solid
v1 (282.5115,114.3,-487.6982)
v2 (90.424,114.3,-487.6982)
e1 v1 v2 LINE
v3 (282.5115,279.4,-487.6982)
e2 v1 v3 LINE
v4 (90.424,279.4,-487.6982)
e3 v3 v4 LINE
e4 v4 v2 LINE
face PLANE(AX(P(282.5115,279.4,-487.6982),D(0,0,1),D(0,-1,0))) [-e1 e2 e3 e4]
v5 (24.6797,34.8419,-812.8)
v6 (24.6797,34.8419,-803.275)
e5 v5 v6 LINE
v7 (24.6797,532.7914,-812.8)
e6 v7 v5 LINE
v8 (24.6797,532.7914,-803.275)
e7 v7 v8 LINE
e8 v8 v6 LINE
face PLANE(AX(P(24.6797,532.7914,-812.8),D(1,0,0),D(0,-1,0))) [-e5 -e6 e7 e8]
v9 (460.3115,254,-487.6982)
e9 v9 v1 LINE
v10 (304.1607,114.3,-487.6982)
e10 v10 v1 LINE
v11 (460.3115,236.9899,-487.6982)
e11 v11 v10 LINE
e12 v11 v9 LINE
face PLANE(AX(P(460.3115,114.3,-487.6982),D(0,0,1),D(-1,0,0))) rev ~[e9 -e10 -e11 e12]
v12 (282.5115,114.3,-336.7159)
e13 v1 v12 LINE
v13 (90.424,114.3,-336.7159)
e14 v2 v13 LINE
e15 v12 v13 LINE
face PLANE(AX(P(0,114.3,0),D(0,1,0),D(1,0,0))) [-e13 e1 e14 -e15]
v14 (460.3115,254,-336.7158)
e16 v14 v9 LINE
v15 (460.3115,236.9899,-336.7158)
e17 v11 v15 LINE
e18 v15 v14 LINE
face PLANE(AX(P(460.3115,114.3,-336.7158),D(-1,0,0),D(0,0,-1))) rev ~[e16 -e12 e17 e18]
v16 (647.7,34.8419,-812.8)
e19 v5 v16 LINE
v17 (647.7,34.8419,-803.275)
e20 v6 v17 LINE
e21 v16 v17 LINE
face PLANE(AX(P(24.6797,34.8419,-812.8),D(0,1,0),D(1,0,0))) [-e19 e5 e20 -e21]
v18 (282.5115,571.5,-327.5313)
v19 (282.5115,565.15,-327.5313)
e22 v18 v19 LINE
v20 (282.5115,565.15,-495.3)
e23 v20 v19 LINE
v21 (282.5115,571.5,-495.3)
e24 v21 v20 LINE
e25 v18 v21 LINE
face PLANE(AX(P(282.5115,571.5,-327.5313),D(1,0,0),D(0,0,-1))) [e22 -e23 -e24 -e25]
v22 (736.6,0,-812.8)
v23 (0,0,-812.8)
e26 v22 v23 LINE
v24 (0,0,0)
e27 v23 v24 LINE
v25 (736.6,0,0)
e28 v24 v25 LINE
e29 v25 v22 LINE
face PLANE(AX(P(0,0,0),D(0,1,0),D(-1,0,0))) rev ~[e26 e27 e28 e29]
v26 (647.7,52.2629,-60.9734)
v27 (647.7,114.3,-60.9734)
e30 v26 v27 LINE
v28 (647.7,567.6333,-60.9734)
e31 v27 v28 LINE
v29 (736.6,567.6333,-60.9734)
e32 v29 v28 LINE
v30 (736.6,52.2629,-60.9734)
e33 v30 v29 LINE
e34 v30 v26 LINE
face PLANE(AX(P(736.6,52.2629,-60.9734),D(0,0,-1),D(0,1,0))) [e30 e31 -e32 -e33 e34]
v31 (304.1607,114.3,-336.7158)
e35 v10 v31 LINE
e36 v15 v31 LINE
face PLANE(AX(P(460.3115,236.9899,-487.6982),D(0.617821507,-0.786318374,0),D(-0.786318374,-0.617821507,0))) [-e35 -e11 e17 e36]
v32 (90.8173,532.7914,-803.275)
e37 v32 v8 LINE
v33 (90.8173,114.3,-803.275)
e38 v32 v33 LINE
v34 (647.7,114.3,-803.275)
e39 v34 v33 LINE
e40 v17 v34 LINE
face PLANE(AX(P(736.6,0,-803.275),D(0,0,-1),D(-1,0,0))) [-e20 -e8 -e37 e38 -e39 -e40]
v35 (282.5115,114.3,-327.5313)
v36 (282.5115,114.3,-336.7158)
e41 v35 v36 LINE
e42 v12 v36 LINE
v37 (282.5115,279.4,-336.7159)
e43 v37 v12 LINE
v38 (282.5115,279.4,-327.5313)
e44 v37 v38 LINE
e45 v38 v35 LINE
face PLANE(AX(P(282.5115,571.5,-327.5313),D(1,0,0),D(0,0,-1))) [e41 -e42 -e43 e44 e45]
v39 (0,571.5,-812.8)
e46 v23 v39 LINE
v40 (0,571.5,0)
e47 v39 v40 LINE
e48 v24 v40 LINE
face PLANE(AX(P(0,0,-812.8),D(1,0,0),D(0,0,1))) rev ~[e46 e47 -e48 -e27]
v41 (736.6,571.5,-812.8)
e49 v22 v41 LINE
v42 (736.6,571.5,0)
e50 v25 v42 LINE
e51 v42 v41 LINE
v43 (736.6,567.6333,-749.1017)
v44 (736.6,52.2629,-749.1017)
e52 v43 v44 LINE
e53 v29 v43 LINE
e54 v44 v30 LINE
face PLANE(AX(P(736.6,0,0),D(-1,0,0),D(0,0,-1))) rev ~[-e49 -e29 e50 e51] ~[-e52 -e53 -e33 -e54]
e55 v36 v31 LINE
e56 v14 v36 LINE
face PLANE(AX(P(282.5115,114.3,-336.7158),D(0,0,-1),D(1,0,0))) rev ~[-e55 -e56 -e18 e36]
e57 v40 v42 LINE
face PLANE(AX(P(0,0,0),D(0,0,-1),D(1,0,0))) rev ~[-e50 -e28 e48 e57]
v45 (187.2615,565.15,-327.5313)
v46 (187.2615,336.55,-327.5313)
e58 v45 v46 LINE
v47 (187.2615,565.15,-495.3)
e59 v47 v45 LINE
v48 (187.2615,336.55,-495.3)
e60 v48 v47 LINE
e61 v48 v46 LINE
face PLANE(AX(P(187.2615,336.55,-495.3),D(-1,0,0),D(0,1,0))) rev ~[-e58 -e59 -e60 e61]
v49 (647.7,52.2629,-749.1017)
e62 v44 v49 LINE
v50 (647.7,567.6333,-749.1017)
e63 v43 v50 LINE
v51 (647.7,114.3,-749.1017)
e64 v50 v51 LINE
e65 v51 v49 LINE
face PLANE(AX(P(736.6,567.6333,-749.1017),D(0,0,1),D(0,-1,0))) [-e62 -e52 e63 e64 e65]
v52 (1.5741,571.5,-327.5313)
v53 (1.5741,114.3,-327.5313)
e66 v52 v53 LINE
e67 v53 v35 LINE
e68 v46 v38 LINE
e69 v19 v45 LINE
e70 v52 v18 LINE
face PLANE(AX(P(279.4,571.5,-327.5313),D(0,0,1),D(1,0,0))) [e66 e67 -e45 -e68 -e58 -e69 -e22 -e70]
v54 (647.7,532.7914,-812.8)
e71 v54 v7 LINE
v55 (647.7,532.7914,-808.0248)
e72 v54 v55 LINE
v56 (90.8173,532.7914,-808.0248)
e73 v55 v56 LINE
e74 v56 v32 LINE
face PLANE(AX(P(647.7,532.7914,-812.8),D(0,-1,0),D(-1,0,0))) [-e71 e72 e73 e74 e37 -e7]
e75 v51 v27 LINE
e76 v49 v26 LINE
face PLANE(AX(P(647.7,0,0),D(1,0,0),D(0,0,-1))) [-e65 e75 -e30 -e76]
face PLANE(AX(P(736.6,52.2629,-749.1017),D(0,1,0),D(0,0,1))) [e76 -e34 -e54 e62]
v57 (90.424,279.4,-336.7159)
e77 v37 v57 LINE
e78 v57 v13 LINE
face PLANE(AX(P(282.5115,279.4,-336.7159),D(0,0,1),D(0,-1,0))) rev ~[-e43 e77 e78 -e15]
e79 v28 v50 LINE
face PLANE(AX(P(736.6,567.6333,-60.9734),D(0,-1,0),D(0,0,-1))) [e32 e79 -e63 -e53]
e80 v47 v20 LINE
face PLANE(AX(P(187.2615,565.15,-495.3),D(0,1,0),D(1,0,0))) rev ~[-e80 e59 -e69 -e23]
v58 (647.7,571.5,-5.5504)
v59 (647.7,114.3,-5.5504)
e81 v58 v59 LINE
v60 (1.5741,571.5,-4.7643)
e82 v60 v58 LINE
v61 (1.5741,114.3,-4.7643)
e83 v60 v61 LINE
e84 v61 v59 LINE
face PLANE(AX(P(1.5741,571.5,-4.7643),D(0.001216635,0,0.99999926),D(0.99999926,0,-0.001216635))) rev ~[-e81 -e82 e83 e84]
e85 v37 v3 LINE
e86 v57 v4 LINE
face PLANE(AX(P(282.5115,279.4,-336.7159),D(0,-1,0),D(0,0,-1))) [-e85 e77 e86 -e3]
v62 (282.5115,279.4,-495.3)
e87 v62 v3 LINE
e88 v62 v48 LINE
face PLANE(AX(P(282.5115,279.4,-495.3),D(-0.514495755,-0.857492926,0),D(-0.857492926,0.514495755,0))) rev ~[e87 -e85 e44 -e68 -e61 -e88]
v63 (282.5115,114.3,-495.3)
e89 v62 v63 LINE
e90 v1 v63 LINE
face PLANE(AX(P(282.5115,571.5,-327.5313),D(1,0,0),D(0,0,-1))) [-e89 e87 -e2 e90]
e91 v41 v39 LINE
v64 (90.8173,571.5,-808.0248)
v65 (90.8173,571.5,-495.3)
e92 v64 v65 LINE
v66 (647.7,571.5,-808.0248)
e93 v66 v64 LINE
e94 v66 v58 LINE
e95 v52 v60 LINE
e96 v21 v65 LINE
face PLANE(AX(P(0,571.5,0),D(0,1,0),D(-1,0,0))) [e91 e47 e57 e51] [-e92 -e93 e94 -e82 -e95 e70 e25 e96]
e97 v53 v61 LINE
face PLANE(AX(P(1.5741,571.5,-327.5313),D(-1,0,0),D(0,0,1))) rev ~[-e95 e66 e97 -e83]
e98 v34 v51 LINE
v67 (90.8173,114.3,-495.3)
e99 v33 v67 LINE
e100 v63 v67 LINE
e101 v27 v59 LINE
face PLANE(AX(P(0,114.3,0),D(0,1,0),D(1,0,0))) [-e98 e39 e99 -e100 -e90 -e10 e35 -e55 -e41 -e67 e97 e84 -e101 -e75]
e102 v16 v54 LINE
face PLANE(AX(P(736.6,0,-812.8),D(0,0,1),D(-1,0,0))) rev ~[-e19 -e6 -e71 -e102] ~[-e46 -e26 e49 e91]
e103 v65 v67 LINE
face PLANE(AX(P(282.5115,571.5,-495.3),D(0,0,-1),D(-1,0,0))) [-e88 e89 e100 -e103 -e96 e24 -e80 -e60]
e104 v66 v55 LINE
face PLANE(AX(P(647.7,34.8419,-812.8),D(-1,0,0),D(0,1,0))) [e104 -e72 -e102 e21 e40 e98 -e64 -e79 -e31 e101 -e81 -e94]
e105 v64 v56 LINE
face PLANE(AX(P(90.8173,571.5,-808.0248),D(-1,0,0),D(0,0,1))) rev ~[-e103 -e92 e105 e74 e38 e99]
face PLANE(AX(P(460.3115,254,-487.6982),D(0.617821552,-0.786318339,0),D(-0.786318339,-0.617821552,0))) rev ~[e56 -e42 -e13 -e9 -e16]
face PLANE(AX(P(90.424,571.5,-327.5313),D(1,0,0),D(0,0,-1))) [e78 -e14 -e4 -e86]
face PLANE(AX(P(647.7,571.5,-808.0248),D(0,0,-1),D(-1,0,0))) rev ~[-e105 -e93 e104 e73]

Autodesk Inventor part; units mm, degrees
ref_plane "YZ Plane" through (0, 0, 0) normal (1, 0, 0) x (0, 1, 0)
ref_plane "XZ Plane" through (0, 0, 0) normal (0, 1, 0) x (-1, 0, 0)
ref_plane "XY Plane" through (0, 0, 0) normal (0, 0, 1) x (1, 0, 0)
sketch "Sketch1" plane through (0, 0, 0) normal (0, 1, 0) x (-1, 0, 0)
  line L0 (0, 0) -> (-736.6, 0)
  line L1 (-736.6, 0) -> (-736.6, -812.8)
  line L2 (-736.6, -812.8) -> (0, -812.8)
  line L3 (0, -812.8) -> (0, 0)
  dimension "d0" = 736.6
  dimension "d1" = 812.8
extrude "Extrusion1" add sketch "Sketch1" along normal blind 571.5
sketch "Sketch2" plane through (0, 571.5, 0) normal (0, 1, 0) x (1, 0, 0)
  line L0 (0, 812.8) -> (0, 0) projected
  line L1 (0, 812.8) -> (88.9, 812.8)
  line L2 (88.9, 812.8) -> (88.9, 574.8444)
  line L3 (88.9, 574.8444) -> (0, 574.8444)
  line L4 (0, 574.8444) -> (0, 812.8)
  dimension "d4" = 88.9
sketch "Sketch7" plane through (0, 571.5, 0) normal (0, 1, 0) x (1, 0, 0)
  line L0 (647.7, 808.0248) -> (90.8173, 808.0248)
  line L1 (90.8173, 808.0248) -> (90.8173, 495.3)
  line L2 (0, 327.5313) -> (279.4, 327.5313)
  line L3 (282.5115, 327.5313) -> (282.5115, 495.3)
  line L4 (279.4, 327.5313) -> (282.5115, 327.5313)
  line L5 (282.5115, 327.5313) -> (0, 327.5313)
  line L6 (647.7, 808.0248) -> (90.8173, 808.0248)
  line L7 (282.5115, 495.3) -> (90.8173, 495.3)
  line L8 (1.5741, 327.5313) -> (1.5741, 4.7643)
  line L9 (1.5741, 4.7643) -> (647.7, 5.5504)
  line L10 (647.7, 808.0248) -> (647.7, 5.5504)
  line L11 (0, 0) -> (736.6, 0) projected
  point P0 (736.6, 812.8)
extrude "Extrusion7" cut sketch "Sketch7" against normal blind 457.2
sketch "Sketch8" plane through (736.6, 0, 0) normal (1, 0, 0) x (0, 0, -1)
  line L0 (60.9734, 567.6333) -> (749.1017, 567.6333)
  line L1 (749.1017, 567.6333) -> (749.1017, 52.2629)
  line L2 (749.1017, 52.2629) -> (60.9734, 52.2629)
  line L3 (60.9734, 52.2629) -> (60.9734, 567.6333)
  point P0 (0, 0)
extrude "Extrusion8" cut sketch "Sketch8" against normal blind 88.9
sketch "Sketch9" plane through (282.5115, 571.5, -327.5313) normal (1, 0, 0) x (0, 0, -1)
  line L0 (0, 0) -> (0, -457.2) projected
  line L1 (0, -292.1) -> (167.7687, -292.1)
  line L2 (167.7687, 0) -> (167.7687, -457.2) projected
  line L3 (421.5704, -457.2) -> (-266.5579, -457.2) projected
  line L4 (9.1846, -292.1) -> (9.1846, -457.2)
  line L5 (160.1669, -292.1) -> (160.1669, -457.2)
  point P0 (-327.5313, -571.5)
  dimension "d29" = 165.1
extrude "Extrusion9" cut sketch "Sketch9" against normal blind 192.0875 contours L1 L5 L3 L4
sketch "Sketch10" plane through (736.6, 0, -812.8) normal (0, 0, -1) x (-1, 0, 0)
  line L0 (88.9, 571.5) -> (88.9, 114.3) projected
  line L1 (88.9, 532.7914) -> (711.9203, 532.7914)
  line L2 (711.9203, 532.7914) -> (711.9203, 34.8419)
  line L3 (711.9203, 34.8419) -> (88.9, 34.8419)
  line L4 (88.9, 34.8419) -> (88.9, 532.7914)
  point P0 (736.6, 0)
extrude "Extrusion10" cut sketch "Sketch10" against normal blind 9.525
sketch "Sketch11" plane through (282.5115, 571.5, -495.3) normal (0, 0, -1) x (-1, 0, 0)
  line L0 (0, 0) -> (0, -457.2) projected
  line L1 (0, -292.1) -> (191.6942, -292.1)
  line L2 (191.6942, 0) -> (191.6942, -457.2) projected
  line L3 (0, -457.2) -> (191.6942, -457.2) projected
  line L4 (95.25, -292.1) -> (95.25, -234.95)
  line L5 (0, -292.1) -> (95.25, -234.95)
  line L6 (95.25, -234.95) -> (95.25, -6.35)
  line L7 (95.25, -6.35) -> (0, -6.35)
  point P0 (282.5115, -571.5)
  dimension "d34" = 165.1
  dimension "d35" = 57.15
  dimension "d36" = 95.25
  dimension "d37" = 228.6
extrude "Extrusion11" cut sketch "Sketch11" against normal blind 192.0875 contours L7 L6 L5 L0
sketch "Sketch12" plane through (0, 114.3, 0) normal (0, 1, 0) x (1, 0, 0)
  line L0 (282.5115, 336.7158) -> (460.3115, 336.7158)
  line L1 (460.3115, 336.7158) -> (460.3115, 487.6982)
  line L2 (460.3115, 487.6982) -> (282.5115, 487.6982)
  line L3 (282.5115, 487.6982) -> (282.5115, 336.7158)
  point P0 (0, 0)
  dimension "d40" = 177.8
extrude "Extrusion12" add sketch "Sketch12" along normal blind 139.7
sketch "Sketch13" plane through (460.3115, 114.3, -487.6982) normal (0, 0, -1) x (-1, 0, 0)
  line L0 (0, 0) -> (0, 139.7) projected
  line L1 (177.8, 165.1) -> (177.8, 0) projected
  line L2 (0, 139.7) -> (177.8, 0)
  line L3 (0, 122.6899) -> (156.1508, 0)
  line L4 (-187.3885, 0) -> (369.4942, 0) projected
  point P0 (460.3115, -114.3)
extrude "Extrusion13" cut sketch "Sketch13" against normal blind 188.9125 contours L0 L3 L4
sketch "Sketch14" plane through (460.3115, 254, -487.6982) normal (0, 0, -1) x (-1, 0, 0)
  line L0 (177.8, 0) -> (177.8, -139.7) projected
  line L1 (0, 0) -> (177.8, -139.7)
  line L2 (458.7374, -139.7) -> (177.8, -139.7) projected
  line L3 (177.8, -139.7) -> (177.8, 0) projected
  line L4 (177.8, -139.7) -> (177.8, 0)
  line L5 (0, 0) -> (177.8, 0) projected
  line L6 (177.8, 0) -> (0, 0)
  point P0 (460.3115, -254)
extrude "Extrusion14" cut sketch "Sketch14" against normal blind 185.7375
properties part number "bot test 1"
